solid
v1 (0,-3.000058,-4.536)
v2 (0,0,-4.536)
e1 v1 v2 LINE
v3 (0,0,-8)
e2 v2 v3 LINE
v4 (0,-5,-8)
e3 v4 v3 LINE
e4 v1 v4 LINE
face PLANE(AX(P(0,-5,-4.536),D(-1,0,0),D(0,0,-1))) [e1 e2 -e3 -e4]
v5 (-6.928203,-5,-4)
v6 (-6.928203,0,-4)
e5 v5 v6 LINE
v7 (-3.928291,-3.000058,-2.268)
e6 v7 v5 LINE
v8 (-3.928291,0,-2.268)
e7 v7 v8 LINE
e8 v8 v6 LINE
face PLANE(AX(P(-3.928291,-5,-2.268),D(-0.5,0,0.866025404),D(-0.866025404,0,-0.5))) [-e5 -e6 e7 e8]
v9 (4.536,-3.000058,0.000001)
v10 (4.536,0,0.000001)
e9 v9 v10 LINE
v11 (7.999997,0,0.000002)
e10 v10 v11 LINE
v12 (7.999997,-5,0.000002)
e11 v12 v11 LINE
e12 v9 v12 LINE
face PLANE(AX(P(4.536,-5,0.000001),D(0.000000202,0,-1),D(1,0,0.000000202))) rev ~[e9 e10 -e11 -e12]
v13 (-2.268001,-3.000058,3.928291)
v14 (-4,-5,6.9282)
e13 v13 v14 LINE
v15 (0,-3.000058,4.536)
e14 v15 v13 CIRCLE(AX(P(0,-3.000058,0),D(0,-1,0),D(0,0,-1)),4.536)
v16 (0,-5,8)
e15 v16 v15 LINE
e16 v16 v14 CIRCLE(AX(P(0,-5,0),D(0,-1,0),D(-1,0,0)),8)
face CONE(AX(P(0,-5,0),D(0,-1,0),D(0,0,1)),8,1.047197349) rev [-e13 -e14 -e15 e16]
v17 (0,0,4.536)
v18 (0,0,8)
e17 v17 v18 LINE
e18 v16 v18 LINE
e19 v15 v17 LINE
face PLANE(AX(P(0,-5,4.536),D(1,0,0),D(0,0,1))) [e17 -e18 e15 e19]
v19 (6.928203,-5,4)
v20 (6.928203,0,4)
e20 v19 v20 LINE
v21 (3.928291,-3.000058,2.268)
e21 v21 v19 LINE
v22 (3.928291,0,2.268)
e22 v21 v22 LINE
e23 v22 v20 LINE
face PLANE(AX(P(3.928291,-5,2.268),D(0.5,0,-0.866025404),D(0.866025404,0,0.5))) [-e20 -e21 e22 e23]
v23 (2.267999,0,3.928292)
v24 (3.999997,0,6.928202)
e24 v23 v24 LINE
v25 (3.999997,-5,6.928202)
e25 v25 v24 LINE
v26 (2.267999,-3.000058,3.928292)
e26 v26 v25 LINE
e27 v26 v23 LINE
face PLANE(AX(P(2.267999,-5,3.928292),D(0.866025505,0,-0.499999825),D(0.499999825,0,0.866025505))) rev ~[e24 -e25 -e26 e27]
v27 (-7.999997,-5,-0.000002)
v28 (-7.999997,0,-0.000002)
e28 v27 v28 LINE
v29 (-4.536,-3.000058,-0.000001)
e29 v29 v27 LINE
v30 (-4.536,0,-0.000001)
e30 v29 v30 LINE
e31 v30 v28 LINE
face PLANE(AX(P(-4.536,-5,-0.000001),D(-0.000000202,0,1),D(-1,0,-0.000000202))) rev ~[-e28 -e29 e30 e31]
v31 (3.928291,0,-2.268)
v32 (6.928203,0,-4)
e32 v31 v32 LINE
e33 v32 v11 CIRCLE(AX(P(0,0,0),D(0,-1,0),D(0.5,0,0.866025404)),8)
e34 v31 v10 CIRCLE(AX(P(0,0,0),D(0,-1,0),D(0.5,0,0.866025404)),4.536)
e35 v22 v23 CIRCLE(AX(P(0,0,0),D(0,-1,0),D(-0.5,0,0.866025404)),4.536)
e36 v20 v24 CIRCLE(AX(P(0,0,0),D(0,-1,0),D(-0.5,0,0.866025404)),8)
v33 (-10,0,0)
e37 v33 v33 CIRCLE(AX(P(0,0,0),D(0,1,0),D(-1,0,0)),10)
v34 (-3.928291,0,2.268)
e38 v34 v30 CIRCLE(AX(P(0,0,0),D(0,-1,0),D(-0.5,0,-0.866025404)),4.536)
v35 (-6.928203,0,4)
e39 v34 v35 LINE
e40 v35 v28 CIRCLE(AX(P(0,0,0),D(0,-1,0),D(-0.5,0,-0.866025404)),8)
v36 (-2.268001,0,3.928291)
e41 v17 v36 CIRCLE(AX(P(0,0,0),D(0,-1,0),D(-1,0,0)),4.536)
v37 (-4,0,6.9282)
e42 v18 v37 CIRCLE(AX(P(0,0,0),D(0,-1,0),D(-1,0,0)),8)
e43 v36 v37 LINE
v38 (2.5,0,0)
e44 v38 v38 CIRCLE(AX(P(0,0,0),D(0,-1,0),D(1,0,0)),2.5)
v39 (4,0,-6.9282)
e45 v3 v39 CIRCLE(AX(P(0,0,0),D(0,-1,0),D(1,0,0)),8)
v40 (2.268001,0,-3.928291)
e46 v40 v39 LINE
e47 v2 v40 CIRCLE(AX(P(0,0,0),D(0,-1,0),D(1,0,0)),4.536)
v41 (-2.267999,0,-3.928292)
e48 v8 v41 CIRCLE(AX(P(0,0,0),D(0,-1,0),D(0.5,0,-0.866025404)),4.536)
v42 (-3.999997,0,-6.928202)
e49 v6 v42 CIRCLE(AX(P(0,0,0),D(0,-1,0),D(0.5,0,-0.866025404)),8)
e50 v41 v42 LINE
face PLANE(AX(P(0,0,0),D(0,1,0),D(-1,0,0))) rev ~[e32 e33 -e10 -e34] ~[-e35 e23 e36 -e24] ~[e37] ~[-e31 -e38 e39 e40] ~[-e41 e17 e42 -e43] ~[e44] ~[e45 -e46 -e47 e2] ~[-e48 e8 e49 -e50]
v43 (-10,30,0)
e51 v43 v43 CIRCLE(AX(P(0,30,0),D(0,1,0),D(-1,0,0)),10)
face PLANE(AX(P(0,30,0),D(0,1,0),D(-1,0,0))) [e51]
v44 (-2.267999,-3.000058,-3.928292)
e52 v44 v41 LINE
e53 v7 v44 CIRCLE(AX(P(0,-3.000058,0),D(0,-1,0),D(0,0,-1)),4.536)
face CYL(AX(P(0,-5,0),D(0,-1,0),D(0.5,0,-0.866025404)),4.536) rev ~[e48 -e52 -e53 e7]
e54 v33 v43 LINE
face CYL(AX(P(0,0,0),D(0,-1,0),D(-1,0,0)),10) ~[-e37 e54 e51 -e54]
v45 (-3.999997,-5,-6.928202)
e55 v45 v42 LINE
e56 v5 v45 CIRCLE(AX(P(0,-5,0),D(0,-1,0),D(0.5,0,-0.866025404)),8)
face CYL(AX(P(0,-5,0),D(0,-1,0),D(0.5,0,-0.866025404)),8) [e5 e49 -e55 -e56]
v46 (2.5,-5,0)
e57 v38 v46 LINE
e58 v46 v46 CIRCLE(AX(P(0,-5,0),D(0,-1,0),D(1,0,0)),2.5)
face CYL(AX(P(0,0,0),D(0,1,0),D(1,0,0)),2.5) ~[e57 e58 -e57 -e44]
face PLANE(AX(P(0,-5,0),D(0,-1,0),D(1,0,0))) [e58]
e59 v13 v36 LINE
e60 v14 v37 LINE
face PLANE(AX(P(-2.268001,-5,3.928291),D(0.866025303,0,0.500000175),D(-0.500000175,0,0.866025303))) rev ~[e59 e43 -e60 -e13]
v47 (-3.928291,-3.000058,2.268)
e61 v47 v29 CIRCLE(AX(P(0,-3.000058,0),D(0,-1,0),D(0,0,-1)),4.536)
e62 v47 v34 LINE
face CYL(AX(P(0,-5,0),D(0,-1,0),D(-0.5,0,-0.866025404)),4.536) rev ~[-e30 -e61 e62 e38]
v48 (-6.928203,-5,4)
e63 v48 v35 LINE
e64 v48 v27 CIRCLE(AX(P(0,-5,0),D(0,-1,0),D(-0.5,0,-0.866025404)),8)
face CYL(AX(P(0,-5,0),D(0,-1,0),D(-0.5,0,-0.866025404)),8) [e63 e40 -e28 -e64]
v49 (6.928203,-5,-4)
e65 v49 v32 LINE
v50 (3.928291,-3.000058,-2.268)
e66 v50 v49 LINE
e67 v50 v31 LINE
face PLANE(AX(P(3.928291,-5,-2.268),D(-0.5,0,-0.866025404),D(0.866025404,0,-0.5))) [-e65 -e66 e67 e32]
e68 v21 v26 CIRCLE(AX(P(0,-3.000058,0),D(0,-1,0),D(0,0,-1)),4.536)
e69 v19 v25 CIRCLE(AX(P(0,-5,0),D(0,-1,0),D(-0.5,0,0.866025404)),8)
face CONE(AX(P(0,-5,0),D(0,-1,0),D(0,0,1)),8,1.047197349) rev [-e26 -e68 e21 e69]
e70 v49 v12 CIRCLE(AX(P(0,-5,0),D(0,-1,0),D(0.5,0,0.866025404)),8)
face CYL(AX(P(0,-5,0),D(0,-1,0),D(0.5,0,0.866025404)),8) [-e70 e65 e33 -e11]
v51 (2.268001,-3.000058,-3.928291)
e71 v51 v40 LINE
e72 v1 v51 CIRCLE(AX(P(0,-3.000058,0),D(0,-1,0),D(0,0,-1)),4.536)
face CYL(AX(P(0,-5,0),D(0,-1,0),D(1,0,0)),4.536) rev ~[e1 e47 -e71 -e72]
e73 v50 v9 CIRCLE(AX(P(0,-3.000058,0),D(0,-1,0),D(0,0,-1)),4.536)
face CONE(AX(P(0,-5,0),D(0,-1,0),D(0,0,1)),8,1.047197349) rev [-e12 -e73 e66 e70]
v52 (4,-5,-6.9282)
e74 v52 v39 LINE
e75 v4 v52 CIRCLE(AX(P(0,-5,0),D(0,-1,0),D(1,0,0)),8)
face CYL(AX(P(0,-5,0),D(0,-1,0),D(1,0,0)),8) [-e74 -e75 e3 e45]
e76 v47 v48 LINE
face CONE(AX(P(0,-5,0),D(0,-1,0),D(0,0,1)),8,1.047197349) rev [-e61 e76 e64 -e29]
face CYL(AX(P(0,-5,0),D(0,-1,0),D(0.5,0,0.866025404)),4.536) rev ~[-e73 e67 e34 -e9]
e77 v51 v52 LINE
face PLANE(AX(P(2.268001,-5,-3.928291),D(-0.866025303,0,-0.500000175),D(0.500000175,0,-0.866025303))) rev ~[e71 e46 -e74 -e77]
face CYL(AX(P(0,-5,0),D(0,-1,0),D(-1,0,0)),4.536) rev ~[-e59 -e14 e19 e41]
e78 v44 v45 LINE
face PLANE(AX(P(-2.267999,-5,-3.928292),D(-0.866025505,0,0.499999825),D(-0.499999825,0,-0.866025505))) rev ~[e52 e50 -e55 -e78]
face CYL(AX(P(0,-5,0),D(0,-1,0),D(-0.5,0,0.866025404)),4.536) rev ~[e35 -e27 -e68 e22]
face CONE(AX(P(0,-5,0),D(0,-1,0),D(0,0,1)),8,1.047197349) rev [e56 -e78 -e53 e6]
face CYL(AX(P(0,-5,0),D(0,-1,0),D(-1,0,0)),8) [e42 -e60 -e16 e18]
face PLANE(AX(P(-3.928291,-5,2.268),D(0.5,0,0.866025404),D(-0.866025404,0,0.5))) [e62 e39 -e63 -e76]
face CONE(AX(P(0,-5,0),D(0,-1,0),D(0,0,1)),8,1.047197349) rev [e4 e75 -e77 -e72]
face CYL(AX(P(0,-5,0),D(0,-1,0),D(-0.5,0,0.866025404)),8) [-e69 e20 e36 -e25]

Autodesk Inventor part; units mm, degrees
ref_plane "XZ Plane" through (0, 0, 0) normal (0, 1, 0) x (-1, 0, 0)
sketch "Sketch1" plane through (0, 0, 0) normal (0, 1, 0) x (-1, 0, 0)
  circle A0 centre (0, 0) radius 10
  dimension "d0" = 20
extrude "Extrusion1" add sketch "Sketch1" along normal blind 30
sketch "Sketch2" plane through (0, 0, 0) normal (0, -1, 0) x (1, 0, 0)
  circle A0 centre (0, 0) radius 2.5
  dimension "d3" = 5
extrude "Extrusion2" add sketch "Sketch2" along normal blind 5
sketch "Sketch3" plane through (0, -5, 0) normal (0, -1, 0) x (1, 0, 0)
  circle A0 centre (0, 0) radius 2.5 projected
  circle A1 centre (0, 0) radius 4.536
  circle A2 centre (0, 0) radius 8
  line L0 (0, -4.536) -> (0, -8)
  line L1 (0, 0) -> (4, -6.9282)
  line L2 (0, 0) -> (8, 0) construction
  point P0 (2.268, -3.9283)
  dimension "d6" = 9.072
  dimension "d7" = 16
  dimension "d8" = 60
extrude "Extrusion3" add sketch "Sketch3" against normal blind 5 contours L1 A2 L0 A1 picked at (1.6377, -6.621)
pattern_circular "Circular Pattern1" count 6 over 360 about axis through (0, 0, 0) along (0, -1, 0) of "Extrusion3"
ref_plane "Work Plane1" through (0, -5, 8) normal (1, 0, 0) x (0, 0, -1)
sketch "Sketch4" plane through (0, -5, 8) normal (1, 0, 0) x (0, 0, -1)
  line L0 (0, 0) -> (1.0718, 0) projected
  line L1 (0, 0) -> (3.4641, 2)
  line L2 (0, 0) -> (4, 0) construction
  line L3 (0, 0) -> (3.4641, 0)
  line L4 (3.4641, 2) -> (3.4641, 0)
  line L5 (5.732, 0) -> (5.732, 5) projected
  line L6 (8, -7) -> (8, 42) projected
  point P0 (8, 5)
  dimension "d15" = 4
  dimension "d16" = 30
revolve "Revolution1" cut sketch "Sketch4" angle 360 about axis through (0, -10, 0) along (0, -1, 0)
ref_plane "Work Plane2" through (10, 0, 0) normal (1, 0, 0) x (0, 1, 0)
properties part number "pot gövde"
